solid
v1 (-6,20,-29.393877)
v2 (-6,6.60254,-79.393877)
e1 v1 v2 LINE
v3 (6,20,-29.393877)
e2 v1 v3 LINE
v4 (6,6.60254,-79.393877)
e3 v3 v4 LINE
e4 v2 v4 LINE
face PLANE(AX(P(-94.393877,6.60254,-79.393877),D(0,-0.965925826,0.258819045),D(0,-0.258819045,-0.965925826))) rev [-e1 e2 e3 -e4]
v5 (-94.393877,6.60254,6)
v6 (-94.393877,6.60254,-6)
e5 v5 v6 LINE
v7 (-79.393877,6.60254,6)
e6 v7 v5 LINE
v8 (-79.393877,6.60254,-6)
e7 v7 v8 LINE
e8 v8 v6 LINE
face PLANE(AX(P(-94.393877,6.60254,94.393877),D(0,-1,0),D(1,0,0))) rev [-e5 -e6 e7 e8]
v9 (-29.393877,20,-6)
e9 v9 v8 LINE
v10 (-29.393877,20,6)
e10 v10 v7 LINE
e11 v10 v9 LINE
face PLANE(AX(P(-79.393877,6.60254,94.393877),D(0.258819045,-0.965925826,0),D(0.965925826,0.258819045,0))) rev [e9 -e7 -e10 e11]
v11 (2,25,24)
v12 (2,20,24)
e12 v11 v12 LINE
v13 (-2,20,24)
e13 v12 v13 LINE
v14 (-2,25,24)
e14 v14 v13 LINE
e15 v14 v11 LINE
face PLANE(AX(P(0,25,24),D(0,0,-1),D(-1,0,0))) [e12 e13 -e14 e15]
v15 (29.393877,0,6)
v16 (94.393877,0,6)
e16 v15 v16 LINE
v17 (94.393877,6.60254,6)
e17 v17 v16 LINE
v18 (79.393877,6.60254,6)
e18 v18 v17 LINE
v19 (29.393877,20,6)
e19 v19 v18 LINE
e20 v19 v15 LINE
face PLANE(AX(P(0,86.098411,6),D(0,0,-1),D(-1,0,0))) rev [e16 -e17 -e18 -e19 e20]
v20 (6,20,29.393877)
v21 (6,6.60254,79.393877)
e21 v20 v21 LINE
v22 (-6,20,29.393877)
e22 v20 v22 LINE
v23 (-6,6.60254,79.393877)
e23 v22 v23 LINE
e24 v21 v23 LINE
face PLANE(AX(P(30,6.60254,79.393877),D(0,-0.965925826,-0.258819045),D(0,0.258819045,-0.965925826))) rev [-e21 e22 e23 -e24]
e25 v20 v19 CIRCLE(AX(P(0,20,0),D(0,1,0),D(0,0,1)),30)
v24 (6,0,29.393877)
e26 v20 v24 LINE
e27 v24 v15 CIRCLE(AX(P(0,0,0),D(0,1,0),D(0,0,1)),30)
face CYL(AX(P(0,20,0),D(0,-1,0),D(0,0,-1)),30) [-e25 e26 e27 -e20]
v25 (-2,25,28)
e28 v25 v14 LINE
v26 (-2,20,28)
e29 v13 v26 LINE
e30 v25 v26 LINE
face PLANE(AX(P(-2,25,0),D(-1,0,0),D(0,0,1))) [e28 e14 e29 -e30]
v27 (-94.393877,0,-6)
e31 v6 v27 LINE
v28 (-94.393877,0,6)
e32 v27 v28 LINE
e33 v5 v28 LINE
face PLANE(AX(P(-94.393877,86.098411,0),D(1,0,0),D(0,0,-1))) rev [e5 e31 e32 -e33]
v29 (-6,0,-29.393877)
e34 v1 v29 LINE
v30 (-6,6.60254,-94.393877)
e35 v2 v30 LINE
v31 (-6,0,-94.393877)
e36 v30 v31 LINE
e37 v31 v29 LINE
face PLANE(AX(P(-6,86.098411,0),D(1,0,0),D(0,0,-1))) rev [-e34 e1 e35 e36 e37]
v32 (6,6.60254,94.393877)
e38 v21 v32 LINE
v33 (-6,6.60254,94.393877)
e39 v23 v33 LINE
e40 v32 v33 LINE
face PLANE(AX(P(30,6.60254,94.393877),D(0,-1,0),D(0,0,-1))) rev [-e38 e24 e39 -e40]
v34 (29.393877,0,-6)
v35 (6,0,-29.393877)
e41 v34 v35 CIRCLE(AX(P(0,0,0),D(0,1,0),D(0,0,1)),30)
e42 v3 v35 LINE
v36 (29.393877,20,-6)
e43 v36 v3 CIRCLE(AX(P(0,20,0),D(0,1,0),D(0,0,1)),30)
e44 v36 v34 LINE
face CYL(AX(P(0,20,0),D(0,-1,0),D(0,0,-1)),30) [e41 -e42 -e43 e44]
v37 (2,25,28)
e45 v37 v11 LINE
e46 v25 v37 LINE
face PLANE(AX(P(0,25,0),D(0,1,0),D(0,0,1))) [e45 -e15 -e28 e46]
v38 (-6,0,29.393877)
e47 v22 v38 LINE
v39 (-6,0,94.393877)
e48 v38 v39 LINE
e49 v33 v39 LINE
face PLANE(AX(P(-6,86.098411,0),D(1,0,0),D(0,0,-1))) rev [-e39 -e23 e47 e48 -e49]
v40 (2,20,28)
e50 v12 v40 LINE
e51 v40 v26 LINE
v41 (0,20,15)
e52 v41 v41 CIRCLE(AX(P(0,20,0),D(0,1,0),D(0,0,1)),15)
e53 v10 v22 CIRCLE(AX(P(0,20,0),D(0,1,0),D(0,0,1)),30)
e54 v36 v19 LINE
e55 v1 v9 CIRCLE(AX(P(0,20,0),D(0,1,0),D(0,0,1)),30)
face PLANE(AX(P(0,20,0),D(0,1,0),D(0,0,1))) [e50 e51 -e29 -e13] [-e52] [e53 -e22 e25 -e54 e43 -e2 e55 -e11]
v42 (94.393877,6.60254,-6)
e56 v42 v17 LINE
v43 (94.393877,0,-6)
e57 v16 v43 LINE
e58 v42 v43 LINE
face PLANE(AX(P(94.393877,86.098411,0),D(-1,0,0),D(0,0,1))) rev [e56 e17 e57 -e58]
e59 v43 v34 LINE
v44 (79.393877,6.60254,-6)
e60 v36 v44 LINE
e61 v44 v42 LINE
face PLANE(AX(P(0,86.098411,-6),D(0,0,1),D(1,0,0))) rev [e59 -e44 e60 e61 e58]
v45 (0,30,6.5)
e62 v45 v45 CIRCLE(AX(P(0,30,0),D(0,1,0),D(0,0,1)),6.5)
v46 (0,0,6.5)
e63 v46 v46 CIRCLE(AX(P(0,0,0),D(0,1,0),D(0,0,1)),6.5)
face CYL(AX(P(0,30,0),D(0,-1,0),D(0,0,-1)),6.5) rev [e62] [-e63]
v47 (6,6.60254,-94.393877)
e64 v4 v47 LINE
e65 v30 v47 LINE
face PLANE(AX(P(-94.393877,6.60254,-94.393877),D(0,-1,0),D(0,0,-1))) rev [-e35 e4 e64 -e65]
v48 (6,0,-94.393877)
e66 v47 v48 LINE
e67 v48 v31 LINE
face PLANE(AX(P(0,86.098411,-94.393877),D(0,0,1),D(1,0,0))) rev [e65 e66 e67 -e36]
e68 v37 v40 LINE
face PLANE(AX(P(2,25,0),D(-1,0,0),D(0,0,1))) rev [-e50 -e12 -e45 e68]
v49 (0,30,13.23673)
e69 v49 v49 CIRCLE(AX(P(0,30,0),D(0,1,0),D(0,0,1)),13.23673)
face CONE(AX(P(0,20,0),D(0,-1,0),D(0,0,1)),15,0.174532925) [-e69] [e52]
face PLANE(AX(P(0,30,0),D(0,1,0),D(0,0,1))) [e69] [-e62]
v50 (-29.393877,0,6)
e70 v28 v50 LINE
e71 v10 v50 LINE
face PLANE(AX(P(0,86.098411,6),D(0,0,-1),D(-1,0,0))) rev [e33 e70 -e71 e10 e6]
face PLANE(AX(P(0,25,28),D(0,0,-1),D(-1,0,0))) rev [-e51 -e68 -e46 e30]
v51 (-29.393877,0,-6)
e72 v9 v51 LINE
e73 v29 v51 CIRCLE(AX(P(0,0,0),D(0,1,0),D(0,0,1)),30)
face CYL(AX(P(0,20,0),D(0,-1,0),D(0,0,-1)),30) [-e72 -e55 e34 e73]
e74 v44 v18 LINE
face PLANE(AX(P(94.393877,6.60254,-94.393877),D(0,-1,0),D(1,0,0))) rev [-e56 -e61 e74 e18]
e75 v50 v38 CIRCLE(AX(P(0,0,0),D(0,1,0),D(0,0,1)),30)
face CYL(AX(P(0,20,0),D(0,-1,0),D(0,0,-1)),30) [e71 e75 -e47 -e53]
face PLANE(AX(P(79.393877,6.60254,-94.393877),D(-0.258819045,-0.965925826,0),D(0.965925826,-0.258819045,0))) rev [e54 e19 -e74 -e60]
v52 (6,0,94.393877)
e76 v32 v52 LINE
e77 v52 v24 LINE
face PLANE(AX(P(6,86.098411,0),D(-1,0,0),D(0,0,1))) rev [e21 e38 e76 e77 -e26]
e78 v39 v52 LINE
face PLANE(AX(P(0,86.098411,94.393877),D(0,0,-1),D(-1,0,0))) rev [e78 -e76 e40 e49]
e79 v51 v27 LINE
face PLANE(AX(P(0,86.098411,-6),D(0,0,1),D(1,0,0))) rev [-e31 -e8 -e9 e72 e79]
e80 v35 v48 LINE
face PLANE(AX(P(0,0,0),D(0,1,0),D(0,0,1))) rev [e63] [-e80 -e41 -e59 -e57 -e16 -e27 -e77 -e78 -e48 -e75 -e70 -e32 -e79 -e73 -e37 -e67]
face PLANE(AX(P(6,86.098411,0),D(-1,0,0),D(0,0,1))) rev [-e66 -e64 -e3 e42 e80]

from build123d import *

# Parameters (mm, degrees)
SKETCH1_R           = 30
BASE_DEPTH          = 20
BOSS_EXTRUDE1_DEPTH = 20
CUT_EXTRUDE1_DEPTH  = 37
CIRPATTERN1_COUNT   = 4
BOSS_EXTRUDE2_START = 20
SKETCH1_10_R        = 15
BOSS_EXTRUDE2_DEPTH = 10
BOSS_EXTRUDE2_TAPER = 10
SKETCH1_11_R        = 6.5
CUT_EXTRUDE2_DEPTH  = 31.0000001
SKETCH1_12_W        = 4
SKETCH1_12_H        = 4
BOSS_EXTRUDE3_DEPTH = 25


with BuildPart() as part:
    # Sketch1 → Base (new body)
    with BuildSketch(Plane(origin=(0, 0, 0), x_dir=(1, 0, 0), z_dir=(0, 1, 0))):
        with Locations(Location((0, 0, 0), (0, 0, 270))):  # turned: the seam where the file's is
            Circle(SKETCH1_R)
    extrude(amount=BASE_DEPTH)

    # Sketch1_8 → Boss-Extrude1 (add)
    with BuildSketch(Plane(origin=(0, 0, 0), x_dir=(1, 0, 0), z_dir=(0, 1, 0))):
        with BuildLine():
            ThreePointArc((6, -29.393876913), (0, -30), (-6, -29.393876913))
            Line((-6, -29.393876913), (-6, -94.393876913))
            Line((-6, -94.393876913), (6, -94.393876913))
            Line((6, -94.393876913), (6, -29.393876913))
        make_face()
    boss_extrude1 = extrude(amount=BOSS_EXTRUDE1_DEPTH)

    # Sketch2 → Cut-Extrude1 (cut, through all)
    with BuildSketch(Plane.ZY.offset(6)):
        Polygon((29.393876913, 20), (94.393876913, 20), (94.393876913, 6.602540378), (79.393876913, 6.602540378), align=None)
    cut_extrude1 = extrude(amount=-CUT_EXTRUDE1_DEPTH, mode=Mode.SUBTRACT)

    # CirPattern1: Boss-Extrude1, Cut-Extrude1 ×4 about axis
    cirpattern1_axis = Axis((0, 0, 0), (0, 1, 0))
    add([boss_extrude1.rotate(cirpattern1_axis, i * 360 / CIRPATTERN1_COUNT) for i in range(1, CIRPATTERN1_COUNT)])
    add([cut_extrude1.rotate(cirpattern1_axis, i * 360 / CIRPATTERN1_COUNT) for i in range(1, CIRPATTERN1_COUNT)], mode=Mode.SUBTRACT)

    # Sketch1_10 → Boss-Extrude2 (add)
    with BuildSketch(Plane(origin=(0, 0, 0), x_dir=(1, 0, 0), z_dir=(0, 1, 0)).offset(BOSS_EXTRUDE2_START)):
        Circle(SKETCH1_10_R)
    extrude(amount=BOSS_EXTRUDE2_DEPTH, taper=BOSS_EXTRUDE2_TAPER)

    # Sketch1_11 → Cut-Extrude2 (cut, through all)
    with BuildSketch(Plane(origin=(0, 0, 0), x_dir=(1, 0, 0), z_dir=(0, 1, 0))):
        with Locations(Location((0, 0, 0), (0, 0, 270))):  # turned: the seam where the file's is
            Circle(SKETCH1_11_R)
    extrude(amount=CUT_EXTRUDE2_DEPTH, mode=Mode.SUBTRACT)

    # Sketch1_12 → Boss-Extrude3 (add)
    with BuildSketch(Plane(origin=(0, 0, 0), x_dir=(1, 0, 0), z_dir=(0, 1, 0))):
        with Locations((0, -26)):
            Rectangle(SKETCH1_12_W, SKETCH1_12_H)
    extrude(amount=BOSS_EXTRUDE3_DEPTH)


solid = part.part
